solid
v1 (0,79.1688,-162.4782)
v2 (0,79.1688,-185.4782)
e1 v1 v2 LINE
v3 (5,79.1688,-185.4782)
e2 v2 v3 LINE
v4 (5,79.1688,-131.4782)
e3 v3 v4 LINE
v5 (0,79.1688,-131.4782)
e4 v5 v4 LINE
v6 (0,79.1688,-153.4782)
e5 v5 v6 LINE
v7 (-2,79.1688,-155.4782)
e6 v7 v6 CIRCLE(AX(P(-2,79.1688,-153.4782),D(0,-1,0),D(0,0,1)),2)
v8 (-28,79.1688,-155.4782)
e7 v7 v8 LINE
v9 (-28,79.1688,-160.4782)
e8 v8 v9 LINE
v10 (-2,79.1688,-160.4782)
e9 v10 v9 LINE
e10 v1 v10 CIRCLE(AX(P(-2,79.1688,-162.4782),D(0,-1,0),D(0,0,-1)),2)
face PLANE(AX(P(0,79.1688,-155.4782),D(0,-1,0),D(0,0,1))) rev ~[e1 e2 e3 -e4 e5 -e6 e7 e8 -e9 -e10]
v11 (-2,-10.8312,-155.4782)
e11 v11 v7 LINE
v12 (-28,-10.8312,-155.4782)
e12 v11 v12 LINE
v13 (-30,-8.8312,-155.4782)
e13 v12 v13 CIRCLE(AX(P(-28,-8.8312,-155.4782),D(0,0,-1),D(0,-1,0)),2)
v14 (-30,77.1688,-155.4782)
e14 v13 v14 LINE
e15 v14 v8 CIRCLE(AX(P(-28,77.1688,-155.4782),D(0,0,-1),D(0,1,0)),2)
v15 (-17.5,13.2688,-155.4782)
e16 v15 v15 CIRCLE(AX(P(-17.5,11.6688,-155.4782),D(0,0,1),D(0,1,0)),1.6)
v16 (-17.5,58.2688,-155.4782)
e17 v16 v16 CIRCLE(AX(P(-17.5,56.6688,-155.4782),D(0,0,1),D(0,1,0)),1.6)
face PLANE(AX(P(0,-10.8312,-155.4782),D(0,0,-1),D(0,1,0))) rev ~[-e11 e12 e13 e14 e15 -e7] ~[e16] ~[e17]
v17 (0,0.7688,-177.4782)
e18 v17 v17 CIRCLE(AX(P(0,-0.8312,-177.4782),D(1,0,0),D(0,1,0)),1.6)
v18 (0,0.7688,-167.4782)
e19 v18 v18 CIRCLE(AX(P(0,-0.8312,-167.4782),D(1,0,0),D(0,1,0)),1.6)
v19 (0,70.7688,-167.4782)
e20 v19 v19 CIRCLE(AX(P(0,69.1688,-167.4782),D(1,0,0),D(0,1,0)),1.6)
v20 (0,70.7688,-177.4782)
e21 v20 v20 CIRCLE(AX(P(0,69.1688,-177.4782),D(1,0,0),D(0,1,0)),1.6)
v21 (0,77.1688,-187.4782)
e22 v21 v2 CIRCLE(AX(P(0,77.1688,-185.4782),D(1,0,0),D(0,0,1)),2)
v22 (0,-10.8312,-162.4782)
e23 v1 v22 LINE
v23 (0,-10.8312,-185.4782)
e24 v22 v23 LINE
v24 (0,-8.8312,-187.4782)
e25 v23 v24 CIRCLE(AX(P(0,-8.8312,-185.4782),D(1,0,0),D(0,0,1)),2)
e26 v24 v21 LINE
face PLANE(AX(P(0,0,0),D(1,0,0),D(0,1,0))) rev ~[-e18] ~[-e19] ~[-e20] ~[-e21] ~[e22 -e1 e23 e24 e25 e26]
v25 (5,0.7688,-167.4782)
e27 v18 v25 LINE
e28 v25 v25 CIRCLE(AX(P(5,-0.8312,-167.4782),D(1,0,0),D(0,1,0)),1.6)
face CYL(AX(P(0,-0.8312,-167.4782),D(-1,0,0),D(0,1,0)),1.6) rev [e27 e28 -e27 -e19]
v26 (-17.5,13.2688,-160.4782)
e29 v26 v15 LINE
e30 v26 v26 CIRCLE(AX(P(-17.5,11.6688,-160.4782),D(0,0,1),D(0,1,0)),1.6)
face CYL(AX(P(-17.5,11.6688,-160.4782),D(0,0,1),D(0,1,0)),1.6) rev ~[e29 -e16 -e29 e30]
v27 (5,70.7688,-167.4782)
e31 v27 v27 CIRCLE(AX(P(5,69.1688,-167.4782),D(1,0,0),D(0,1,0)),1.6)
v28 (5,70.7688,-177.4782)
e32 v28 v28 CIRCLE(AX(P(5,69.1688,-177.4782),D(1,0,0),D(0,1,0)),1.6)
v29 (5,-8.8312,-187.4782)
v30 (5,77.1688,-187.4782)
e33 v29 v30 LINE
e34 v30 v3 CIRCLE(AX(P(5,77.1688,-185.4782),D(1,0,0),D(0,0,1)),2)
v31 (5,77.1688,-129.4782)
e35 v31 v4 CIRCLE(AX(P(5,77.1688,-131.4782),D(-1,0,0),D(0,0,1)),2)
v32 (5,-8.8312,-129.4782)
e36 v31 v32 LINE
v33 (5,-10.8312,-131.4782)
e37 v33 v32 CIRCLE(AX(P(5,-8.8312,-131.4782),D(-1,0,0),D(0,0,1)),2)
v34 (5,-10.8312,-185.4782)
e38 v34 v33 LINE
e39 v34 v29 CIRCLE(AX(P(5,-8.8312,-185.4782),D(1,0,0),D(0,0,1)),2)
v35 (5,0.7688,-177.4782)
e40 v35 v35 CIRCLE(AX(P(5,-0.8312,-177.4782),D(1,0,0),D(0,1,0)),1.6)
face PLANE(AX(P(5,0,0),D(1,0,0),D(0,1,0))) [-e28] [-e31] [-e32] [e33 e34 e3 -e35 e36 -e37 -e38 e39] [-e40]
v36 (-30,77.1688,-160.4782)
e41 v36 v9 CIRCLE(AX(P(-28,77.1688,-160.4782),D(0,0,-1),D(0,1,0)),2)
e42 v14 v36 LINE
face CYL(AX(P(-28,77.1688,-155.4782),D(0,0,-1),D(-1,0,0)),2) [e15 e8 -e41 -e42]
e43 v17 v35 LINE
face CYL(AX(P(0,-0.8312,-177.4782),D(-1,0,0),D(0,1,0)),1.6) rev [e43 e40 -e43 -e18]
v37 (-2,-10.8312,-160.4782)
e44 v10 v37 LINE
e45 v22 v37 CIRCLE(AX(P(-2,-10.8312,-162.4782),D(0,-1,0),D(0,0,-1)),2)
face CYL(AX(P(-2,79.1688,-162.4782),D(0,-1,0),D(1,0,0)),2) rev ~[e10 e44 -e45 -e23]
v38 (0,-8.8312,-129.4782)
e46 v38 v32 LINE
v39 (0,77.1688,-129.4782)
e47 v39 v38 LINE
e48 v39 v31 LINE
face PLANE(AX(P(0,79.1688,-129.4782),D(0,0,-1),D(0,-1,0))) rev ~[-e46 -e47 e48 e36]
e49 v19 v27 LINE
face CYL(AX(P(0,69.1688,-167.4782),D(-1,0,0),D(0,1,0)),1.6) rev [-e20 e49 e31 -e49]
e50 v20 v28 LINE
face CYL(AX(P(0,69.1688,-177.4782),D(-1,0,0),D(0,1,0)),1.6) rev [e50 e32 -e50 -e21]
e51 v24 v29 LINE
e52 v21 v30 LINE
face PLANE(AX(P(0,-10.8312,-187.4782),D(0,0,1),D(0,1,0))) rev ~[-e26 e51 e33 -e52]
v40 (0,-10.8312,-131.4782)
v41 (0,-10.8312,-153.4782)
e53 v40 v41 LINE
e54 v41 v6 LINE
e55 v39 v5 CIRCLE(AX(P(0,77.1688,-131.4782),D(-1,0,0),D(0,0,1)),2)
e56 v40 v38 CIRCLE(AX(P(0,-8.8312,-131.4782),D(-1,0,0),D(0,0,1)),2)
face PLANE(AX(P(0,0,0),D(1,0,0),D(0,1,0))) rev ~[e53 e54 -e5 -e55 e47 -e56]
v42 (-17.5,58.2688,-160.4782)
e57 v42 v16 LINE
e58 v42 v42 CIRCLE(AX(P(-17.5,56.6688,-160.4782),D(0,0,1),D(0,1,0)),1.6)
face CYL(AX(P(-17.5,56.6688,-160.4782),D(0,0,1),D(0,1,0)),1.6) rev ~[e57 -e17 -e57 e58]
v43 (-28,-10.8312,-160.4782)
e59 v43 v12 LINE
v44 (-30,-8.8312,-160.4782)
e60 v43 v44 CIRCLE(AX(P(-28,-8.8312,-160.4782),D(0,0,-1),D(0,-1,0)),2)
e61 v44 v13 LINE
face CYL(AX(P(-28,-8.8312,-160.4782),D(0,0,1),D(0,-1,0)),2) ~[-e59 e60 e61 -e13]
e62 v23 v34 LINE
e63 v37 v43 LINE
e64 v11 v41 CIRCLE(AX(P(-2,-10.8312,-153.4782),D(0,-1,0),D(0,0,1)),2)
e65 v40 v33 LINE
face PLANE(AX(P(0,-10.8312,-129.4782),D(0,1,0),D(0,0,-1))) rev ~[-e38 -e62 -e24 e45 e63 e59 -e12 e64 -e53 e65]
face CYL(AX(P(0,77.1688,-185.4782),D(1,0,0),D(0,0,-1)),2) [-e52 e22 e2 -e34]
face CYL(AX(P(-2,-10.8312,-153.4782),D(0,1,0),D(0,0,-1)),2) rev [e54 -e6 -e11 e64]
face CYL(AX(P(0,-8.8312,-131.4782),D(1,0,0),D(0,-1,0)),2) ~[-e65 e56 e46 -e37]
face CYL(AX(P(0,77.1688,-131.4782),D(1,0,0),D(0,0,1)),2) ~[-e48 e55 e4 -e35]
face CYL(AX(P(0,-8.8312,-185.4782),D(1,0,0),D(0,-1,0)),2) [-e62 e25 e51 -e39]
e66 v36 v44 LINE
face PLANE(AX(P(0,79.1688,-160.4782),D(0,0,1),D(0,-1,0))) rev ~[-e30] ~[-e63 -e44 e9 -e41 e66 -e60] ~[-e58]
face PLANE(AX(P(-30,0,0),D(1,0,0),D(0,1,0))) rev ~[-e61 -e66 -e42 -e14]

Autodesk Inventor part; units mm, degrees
ref_plane "YZ Plane" through (0, 0, 0) normal (1, 0, 0) x (0, 1, 0)
ref_plane "XZ Plane" through (0, 0, 0) normal (0, 1, 0) x (-1, 0, 0)
ref_plane "XY Plane" through (0, 0, 0) normal (0, 0, 1) x (1, 0, 0)
sketch "スケッチ1" plane through (0, 0, 0) normal (1, 0, 0) x (0, 1, 0)
  line L0 (-10.8312, -155.4782) -> (79.1688, -155.4782)
  line L1 (79.1688, -155.4782) -> (79.1688, -129.4782)
  line L2 (79.1688, -129.4782) -> (-10.8312, -129.4782)
  line L3 (-10.8312, -129.4782) -> (-10.8312, -155.4782)
  line L4 (-10.8312, -187.4782) -> (-10.8312, 372.5218)
  line L5 (79.1688, 372.5218) -> (79.1688, -187.4782)
  line L6 (-10.8312, -187.4782) -> (79.1688, -187.4782)
  line L7 (79.1688, -187.4782) -> (79.1688, -160.4782)
  line L8 (79.1688, -160.4782) -> (-10.8312, -160.4782)
  line L9 (-10.8312, -160.4782) -> (-10.8312, -187.4782)
  circle A0 centre (-0.8312, -167.4782) radius 1.6
  line L10 (-10.8312, -160.4782) -> (79.1688, -160.4782)
  line L11 (79.1688, -160.4782) -> (79.1688, -129.4782)
  line L12 (79.1688, -129.4782) -> (-10.8312, -129.4782)
  line L13 (-10.8312, -129.4782) -> (-10.8312, -160.4782)
  circle A1 centre (-0.8312, -167.4782) radius 1.6
  circle A2 centre (-0.8312, -177.4782) radius 1.6
  circle A3 centre (-0.8312, -177.4782) radius 1.6
  circle A4 centre (69.1688, -167.4782) radius 1.6
  circle A5 centre (69.1688, -167.4782) radius 1.6
  circle A6 centre (69.1688, -177.4782) radius 1.6
  circle A7 centre (69.1688, -177.4782) radius 1.6
  point P0 (0, 0)
  point P1 (-65.8312, -380.4782)
  dimension "d0" = 90
  dimension "d1" = 26
  dimension "d2" = 7
  dimension "d3" = 5
  dimension "d4" = 0
  dimension "d5" = 3.2
  dimension "d6" = 3.2
  dimension "d7" = 3.2
  dimension "d8" = 3.2
extrude "押し出し1" add sketch "スケッチ1" along normal blind 5
extrude "押し出し2" add sketch "スケッチ1" against normal blind 30 contours L0 L5 L8 L4
sketch "スケッチ2" plane through (0, -10.8312, -160.4782) normal (0, 0, -1) x (-1, 0, 0)
  line L0 (30, 90) -> (30, 0) projected
  line L1 (30, 45) -> (0, 45)
  line L2 (0, 0) -> (30, 0) projected
  line L3 (17.5, 0) -> (17.5, 90)
  line L4 (0, 90) -> (30, 90) projected
  circle A0 centre (17.5, 22.5) radius 1.6
  circle A1 centre (17.5, 67.5) radius 1.6
  point P0 (0, 10.8312)
  point P1 (15, 45)
  dimension "d13" = 12.5
  dimension "d14" = 3.2
  dimension "d15" = 3.2
  dimension "d16" = 22.5
  dimension "d17" = 22.5
hole "穴1" at (-17.5, 11.6688, -160.4782) at (-17.5, 56.6688, -160.4782) direction (0, 0, 1) diameter 3.2 end through all
fillet "フィレット1" radius 2 8 edges at (0, 34.1688, -160.4782) (-30, -10.8312, -157.9782) (-30, 79.1688, -157.9782) (0, 34.1688, -155.4782) (2.5, -10.8312, -187.4782) (2.5, 79.1688, -187.4782) (2.5, 79.1688, -129.4782) (2.5, -10.8312, -129.4782)
equation "\"d17\" = d16"
properties part number "dribl-v3-3DP-2" material "ABS プラスチック"
